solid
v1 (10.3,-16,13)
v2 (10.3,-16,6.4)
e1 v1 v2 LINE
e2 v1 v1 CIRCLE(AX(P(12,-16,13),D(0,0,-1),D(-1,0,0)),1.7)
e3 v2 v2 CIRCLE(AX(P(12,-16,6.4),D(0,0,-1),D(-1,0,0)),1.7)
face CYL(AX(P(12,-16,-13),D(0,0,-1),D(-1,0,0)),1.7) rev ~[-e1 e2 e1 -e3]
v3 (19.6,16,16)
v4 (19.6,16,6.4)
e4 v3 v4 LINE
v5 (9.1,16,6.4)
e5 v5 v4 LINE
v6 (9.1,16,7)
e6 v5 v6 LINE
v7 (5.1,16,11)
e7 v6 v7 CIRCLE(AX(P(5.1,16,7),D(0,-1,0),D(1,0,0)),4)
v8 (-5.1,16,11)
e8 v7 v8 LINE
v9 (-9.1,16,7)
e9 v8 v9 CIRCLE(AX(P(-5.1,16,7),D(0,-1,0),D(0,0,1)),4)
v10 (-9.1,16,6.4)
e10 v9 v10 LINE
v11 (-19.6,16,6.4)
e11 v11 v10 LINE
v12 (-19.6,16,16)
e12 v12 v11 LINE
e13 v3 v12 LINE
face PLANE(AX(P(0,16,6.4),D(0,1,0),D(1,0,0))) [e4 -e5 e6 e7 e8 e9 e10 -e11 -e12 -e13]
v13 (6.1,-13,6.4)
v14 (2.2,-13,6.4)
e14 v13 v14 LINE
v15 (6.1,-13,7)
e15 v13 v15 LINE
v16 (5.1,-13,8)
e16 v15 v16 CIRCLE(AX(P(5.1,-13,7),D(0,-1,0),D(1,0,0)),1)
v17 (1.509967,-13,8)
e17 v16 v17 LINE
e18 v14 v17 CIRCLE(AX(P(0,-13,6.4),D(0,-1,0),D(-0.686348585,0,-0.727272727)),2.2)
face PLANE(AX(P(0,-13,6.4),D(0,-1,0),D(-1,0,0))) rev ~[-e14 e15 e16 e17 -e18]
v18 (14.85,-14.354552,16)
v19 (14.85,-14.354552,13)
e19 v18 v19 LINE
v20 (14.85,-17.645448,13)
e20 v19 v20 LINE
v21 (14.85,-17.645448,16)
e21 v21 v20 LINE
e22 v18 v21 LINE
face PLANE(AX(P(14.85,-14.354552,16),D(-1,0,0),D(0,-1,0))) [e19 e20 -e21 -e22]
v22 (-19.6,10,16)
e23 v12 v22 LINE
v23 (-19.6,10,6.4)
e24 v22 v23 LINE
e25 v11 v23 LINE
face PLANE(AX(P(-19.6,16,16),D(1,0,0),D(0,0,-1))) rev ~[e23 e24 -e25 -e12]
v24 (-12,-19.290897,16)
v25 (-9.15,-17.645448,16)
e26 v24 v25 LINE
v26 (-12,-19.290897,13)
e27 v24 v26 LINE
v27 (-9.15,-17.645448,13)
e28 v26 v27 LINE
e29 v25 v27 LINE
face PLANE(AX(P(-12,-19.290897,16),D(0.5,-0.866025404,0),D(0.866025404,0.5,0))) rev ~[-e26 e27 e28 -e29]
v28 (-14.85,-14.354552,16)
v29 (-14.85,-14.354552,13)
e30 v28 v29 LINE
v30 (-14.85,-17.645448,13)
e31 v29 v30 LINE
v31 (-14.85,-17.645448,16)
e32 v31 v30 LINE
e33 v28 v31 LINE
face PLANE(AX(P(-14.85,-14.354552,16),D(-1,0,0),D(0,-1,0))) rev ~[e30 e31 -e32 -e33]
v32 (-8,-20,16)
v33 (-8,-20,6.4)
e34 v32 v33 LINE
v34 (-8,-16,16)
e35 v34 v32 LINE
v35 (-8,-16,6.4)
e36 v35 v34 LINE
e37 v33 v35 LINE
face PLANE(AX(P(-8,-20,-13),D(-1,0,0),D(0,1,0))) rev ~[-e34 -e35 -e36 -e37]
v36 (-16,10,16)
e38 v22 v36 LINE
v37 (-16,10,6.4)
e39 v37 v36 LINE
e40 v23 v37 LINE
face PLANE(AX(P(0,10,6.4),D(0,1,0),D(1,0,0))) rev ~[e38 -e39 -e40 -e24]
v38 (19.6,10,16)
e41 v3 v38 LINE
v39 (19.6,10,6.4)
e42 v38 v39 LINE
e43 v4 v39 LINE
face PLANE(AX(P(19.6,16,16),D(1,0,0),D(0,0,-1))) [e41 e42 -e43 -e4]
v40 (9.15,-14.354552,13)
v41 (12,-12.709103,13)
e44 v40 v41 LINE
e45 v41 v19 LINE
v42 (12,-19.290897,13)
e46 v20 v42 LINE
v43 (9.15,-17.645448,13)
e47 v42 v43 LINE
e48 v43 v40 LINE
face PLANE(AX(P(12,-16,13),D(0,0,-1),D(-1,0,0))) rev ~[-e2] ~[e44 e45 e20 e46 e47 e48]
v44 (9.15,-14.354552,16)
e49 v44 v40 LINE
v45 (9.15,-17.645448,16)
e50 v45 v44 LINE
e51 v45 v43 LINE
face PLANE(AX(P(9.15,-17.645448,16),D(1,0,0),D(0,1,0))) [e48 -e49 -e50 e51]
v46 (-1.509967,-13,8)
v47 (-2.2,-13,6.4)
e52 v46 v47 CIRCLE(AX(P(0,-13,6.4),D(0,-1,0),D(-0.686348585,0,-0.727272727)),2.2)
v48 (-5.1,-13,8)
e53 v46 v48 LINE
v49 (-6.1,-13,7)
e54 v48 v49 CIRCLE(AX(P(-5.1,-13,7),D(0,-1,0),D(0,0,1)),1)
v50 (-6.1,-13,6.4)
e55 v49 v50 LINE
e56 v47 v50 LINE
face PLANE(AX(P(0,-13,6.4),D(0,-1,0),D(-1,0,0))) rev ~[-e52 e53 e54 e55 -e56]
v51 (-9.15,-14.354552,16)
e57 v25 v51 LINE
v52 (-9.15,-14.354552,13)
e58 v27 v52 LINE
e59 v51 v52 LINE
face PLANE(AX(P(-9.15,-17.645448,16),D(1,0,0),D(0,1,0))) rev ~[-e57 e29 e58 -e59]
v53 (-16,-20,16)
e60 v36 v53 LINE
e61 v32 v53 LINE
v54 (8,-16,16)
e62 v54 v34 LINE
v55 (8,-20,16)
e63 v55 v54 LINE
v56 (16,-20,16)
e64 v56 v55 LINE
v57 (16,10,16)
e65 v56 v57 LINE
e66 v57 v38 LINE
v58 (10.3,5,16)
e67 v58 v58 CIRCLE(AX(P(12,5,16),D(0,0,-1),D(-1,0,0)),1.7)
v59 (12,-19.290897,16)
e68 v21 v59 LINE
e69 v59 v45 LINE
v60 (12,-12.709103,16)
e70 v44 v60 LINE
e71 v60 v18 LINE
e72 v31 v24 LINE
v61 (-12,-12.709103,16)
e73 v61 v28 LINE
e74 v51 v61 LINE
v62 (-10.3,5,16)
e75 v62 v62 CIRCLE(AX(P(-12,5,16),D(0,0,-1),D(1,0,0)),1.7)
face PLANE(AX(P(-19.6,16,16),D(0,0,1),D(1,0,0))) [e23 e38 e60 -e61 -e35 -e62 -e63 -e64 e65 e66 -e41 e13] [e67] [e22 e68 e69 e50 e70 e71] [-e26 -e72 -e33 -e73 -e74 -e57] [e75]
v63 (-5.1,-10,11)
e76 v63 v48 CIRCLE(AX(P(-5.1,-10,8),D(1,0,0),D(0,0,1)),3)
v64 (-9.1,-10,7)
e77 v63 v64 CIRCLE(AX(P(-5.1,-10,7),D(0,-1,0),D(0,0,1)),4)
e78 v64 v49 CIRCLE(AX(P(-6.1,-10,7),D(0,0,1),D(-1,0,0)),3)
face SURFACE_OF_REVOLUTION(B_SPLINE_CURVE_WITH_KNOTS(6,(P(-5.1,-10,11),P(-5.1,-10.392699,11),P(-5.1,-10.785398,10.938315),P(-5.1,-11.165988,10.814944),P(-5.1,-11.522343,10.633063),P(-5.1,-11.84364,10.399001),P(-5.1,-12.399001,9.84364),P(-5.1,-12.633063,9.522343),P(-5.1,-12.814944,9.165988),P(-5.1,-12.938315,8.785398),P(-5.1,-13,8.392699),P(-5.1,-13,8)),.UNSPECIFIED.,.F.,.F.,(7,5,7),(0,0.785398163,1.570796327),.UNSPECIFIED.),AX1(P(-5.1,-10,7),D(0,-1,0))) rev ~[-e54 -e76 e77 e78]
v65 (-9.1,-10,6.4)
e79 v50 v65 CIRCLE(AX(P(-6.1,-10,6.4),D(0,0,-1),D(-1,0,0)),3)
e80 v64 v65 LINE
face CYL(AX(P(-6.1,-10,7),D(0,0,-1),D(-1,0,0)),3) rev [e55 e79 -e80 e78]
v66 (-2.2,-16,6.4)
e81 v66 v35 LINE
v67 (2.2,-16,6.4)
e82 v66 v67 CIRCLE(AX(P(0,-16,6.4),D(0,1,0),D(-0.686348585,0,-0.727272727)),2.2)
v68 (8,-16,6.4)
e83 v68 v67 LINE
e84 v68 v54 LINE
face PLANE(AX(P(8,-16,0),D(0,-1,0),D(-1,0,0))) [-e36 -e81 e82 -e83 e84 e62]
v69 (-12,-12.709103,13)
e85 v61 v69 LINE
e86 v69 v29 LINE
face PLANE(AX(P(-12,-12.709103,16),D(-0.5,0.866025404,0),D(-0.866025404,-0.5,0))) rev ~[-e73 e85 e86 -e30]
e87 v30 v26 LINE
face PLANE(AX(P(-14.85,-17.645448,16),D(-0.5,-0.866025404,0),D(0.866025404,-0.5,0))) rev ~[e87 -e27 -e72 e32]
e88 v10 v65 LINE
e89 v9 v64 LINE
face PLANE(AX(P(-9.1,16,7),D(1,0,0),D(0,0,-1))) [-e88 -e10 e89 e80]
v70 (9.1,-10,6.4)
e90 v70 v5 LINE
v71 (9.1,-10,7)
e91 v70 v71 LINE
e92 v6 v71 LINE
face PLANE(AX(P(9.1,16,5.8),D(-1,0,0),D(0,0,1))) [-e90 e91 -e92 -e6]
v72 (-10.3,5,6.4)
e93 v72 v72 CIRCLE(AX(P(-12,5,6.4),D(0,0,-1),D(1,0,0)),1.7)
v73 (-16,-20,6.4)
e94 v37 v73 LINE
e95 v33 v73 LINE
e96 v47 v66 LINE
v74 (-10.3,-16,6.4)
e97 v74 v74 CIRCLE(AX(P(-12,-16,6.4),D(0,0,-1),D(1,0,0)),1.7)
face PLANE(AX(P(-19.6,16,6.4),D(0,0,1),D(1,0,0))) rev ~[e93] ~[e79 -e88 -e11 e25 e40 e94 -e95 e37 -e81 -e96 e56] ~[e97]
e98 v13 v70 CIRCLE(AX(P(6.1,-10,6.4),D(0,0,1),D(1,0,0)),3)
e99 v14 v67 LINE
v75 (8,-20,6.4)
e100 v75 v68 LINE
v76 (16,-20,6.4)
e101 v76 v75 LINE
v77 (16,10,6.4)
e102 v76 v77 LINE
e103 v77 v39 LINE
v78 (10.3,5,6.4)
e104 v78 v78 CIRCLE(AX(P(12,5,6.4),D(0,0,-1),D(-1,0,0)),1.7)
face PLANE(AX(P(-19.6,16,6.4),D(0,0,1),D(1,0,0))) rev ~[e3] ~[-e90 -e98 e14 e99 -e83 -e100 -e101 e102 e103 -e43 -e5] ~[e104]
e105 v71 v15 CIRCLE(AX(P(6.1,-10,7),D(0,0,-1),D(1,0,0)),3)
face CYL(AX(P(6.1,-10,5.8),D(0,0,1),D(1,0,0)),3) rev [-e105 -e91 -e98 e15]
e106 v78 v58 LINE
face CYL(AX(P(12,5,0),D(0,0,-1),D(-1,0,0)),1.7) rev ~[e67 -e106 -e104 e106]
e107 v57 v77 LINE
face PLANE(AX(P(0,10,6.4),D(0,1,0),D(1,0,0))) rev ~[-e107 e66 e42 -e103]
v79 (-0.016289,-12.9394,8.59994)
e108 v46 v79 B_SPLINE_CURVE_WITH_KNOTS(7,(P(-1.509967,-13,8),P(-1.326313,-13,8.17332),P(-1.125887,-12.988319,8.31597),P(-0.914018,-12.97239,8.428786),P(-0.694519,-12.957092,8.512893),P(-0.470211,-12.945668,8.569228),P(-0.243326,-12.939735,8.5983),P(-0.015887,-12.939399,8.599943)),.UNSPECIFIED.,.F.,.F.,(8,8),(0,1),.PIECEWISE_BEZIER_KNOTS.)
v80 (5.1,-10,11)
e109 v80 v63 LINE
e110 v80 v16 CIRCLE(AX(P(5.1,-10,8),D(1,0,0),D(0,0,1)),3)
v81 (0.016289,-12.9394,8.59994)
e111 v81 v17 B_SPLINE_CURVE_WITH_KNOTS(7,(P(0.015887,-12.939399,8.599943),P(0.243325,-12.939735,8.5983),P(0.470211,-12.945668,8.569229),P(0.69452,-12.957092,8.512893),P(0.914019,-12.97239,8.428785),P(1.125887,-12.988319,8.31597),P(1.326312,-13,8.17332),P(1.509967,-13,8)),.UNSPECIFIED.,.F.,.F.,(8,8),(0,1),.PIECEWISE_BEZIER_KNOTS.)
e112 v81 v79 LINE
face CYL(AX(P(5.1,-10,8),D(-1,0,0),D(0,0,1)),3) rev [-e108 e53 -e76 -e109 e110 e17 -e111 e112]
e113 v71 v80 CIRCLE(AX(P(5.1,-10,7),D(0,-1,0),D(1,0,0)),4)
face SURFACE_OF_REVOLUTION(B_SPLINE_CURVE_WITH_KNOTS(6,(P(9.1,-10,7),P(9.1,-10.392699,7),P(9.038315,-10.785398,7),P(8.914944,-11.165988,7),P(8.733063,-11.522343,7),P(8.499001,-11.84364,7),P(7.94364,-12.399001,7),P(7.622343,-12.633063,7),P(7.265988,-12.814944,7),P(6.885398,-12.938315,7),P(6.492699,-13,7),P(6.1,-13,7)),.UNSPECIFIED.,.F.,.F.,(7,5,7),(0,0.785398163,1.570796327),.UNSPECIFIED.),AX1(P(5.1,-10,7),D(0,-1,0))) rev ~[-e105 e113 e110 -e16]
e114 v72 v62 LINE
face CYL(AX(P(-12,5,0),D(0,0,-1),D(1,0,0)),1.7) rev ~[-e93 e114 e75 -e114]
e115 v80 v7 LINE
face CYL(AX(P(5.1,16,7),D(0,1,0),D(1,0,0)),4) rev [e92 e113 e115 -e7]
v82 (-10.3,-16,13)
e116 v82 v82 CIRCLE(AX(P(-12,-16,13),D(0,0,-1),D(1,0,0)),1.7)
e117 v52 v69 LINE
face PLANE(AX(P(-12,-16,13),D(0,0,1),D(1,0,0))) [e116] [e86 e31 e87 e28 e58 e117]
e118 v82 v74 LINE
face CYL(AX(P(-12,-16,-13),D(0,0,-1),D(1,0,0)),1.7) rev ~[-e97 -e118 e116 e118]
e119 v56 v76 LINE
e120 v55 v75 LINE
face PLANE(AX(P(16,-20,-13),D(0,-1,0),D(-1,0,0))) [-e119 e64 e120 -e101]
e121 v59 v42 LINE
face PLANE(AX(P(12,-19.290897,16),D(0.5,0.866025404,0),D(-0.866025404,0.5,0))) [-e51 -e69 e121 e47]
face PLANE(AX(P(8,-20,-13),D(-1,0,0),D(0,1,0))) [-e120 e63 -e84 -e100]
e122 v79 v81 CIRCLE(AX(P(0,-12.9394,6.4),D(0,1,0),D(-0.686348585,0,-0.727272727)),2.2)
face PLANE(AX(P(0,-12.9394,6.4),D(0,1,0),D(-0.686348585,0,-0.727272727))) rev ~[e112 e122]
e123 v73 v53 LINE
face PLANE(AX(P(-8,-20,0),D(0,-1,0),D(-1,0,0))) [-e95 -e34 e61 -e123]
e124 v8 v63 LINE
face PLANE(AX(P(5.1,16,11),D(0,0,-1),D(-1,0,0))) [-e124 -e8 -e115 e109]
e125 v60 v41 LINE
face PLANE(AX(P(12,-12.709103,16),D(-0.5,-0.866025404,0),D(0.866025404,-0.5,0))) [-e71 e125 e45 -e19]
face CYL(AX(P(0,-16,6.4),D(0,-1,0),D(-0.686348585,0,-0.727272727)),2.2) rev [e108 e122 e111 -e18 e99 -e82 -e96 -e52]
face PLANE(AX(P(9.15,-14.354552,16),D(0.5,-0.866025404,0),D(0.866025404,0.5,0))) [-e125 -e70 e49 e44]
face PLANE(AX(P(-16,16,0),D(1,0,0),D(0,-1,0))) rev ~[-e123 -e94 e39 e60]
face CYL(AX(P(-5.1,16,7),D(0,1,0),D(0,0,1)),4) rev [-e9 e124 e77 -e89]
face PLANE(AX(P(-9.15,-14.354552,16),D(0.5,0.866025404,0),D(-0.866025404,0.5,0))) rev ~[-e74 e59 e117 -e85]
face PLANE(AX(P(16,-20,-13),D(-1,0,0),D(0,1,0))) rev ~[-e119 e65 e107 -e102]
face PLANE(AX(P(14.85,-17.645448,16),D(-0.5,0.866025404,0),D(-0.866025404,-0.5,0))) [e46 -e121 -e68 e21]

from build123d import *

# Parameters (mm, degrees)
EXTRUDE_1_DEPTH     = 16
CUT_EXTRUDE_1_DEPTH = 29
FILLET_1_R          = 3
SKETCH_3_R          = 1.7
CUT_EXTRUDE_2_DEPTH = 16
SKETCH_4_R          = 2.2
CUT_EXTRUDE_3_DEPTH = 3.0606
CUT_EXTRUDE_4_DEPTH = 3
EXTRUDE_START       = 13
SKETCH_6_W          = 8
SKETCH_6_H          = 8
SKETCH_6_R          = 1.7
EXTRUDE_2_DEPTH     = 13
SKETCH_8_W          = 39.2
SKETCH_8_H          = 19.2
EXTRUDE_3_DEPTH     = 6
SKETCH_9_W          = 41.779638264
SKETCH_9_H          = 22.131707322
CUT_EXTRUDE_5_DEPTH = 45.001818144


with BuildPart() as part:
    # Эскиз1 → Бобышка-Вытянуть1 (new body)
    with BuildSketch(Plane.XY):
        Polygon((8, -16), (-8, -16), (-8, -20), (-16, -20), (-16, -16), (-16, 16), (16, 16), (16, -16), (16, -20), (8, -20), align=None)
    extrude(amount=EXTRUDE_1_DEPTH)

    # Эскиз2 → Вырез-Вытянуть1 (cut)
    with BuildSketch(Plane(origin=(0, 16, 0), x_dir=(1, 0, 0), z_dir=(0, 1, 0))):
        with BuildLine():
            Line((5.1, -11), (-5.1, -11))
            ThreePointArc((-5.1, -11), (-7.928427125, -9.828427125), (-9.1, -7))
            Line((-9.1, -7), (-9.1, -5.8))
            ThreePointArc((-9.1, -5.8), (-7.928427125, -2.971572875), (-5.1, -1.8))
            Line((-5.1, -1.8), (5.1, -1.8))
            ThreePointArc((5.1, -1.8), (7.928427125, -2.971572875), (9.1, -5.8))
            Line((9.1, -5.8), (9.1, -7))
            ThreePointArc((9.1, -7), (7.928427125, -9.828427125), (5.1, -11))
        make_face()
    extrude(amount=-CUT_EXTRUDE_1_DEPTH, mode=Mode.SUBTRACT)

    # Скругление1
    fillet_1_edges = [part.edges().sort_by_distance(p)[0] for p in [
        (7.928427125, -13, 2.971572875),
        (9.1, -13, 6.4),
        (7.928427125, -13, 9.828427125),
        (0, -13, 11),
        (-7.928427125, -13, 9.828427125),
        (-9.1, -13, 6.4),
        (-7.928427125, -13, 2.971572875),
        (0, -13, 1.8),
    ]]
    fillet(fillet_1_edges, radius=FILLET_1_R)

    # Эскиз3 → Вырез-Вытянуть2 (cut)
    with BuildSketch(Plane(origin=(0, 0, 0), x_dir=(-1, 0, 0), z_dir=(0, 0, -1))):
        with Locations((-12, -16)):
            Circle(SKETCH_3_R)
        with Locations((-12, 5)):
            Circle(SKETCH_3_R)
        with Locations(Location((12, 5, 0), (0, 0, 180))):
            Circle(SKETCH_3_R)
        with Locations(Location((12, -16, 0), (0, 0, 180))):
            Circle(SKETCH_3_R)
    extrude(amount=-CUT_EXTRUDE_2_DEPTH, mode=Mode.SUBTRACT)

    # Эскиз4 → Вырез-Вытянуть3 (cut)
    with BuildSketch(Plane(origin=(0, -16, 0), x_dir=(1, 0, 0), z_dir=(0, 1, 0))):
        with Locations(Location((0, -6.4, 0), (0, 0, 133.341758227))):
            Circle(SKETCH_4_R)
    extrude(amount=CUT_EXTRUDE_3_DEPTH, mode=Mode.SUBTRACT)

    # Эскиз5 → Вырез-Вытянуть4 (cut)
    with BuildSketch(Plane.XY.offset(16)):
        Polygon((-12, -12.709103466), (-14.85, -14.354551733), (-14.85, -17.645448267), (-12, -19.290896534), (-9.15, -17.645448267), (-9.15, -14.354551733), align=None)
        Polygon((9.15, -14.354551733), (12, -12.709103466), (14.85, -14.354551733), (14.85, -17.645448267), (12, -19.290896534), (9.15, -17.645448267), align=None)
    extrude(amount=-CUT_EXTRUDE_4_DEPTH, mode=Mode.SUBTRACT)

    # Эскиз6 → Бобышка-Вытянуть2 (add)
    # profile 1 of 2: a face of its own
    with BuildSketch(Plane(origin=(0, 0, 0), x_dir=(-1, 0, 0), z_dir=(0, 0, -1)).offset(EXTRUDE_START)):
        with Locations((-12, -16)):
            Rectangle(SKETCH_6_W, SKETCH_6_H)
        with Locations((-12, -16)):
            Circle(SKETCH_6_R, mode=Mode.SUBTRACT)
    # profile 2 of 2: a face of its own
    with BuildSketch(Plane(origin=(0, 0, 0), x_dir=(-1, 0, 0), z_dir=(0, 0, -1)).offset(EXTRUDE_START)):
        with Locations((12, -16)):
            Rectangle(SKETCH_6_W, SKETCH_6_H)
        with Locations(Location((12, -16, 0), (0, 0, 180))):
            Circle(SKETCH_6_R, mode=Mode.SUBTRACT)
    extrude(amount=-EXTRUDE_2_DEPTH)

    # Эскиз8 → Бобышка-Вытянуть3 (add)
    with BuildSketch(Plane(origin=(0, 16, 0), x_dir=(1, 0, 0), z_dir=(0, 1, 0))):
        with Locations((0, -6.4)):
            Rectangle(SKETCH_8_W, SKETCH_8_H)
        with BuildLine():
            Line((-9.1, -5.8), (-9.1, -7))
            ThreePointArc((-9.1, -7), (-7.928427125, -9.828427125), (-5.1, -11))
            Line((-5.1, -11), (5.1, -11))
            ThreePointArc((5.1, -11), (7.928427125, -9.828427125), (9.1, -7))
            Line((9.1, -7), (9.1, -5.8))
            ThreePointArc((9.1, -5.8), (7.928427125, -2.971572875), (5.1, -1.8))
            Line((5.1, -1.8), (-5.1, -1.8))
            ThreePointArc((-5.1, -1.8), (-7.928427125, -2.971572875), (-9.1, -5.8))
        make_face(mode=Mode.SUBTRACT)
    extrude(amount=-EXTRUDE_3_DEPTH)

    # Эскиз9 → Вырез-Вытянуть5 (cut, through all)
    with BuildSketch(Plane(origin=(0, 16, 0), x_dir=(1, 0, 0), z_dir=(0, 1, 0))):
        with Locations((1.289819132, 4.665853661)):
            Rectangle(SKETCH_9_W, SKETCH_9_H)
    extrude(amount=-CUT_EXTRUDE_5_DEPTH, mode=Mode.SUBTRACT)


solid = part.part
